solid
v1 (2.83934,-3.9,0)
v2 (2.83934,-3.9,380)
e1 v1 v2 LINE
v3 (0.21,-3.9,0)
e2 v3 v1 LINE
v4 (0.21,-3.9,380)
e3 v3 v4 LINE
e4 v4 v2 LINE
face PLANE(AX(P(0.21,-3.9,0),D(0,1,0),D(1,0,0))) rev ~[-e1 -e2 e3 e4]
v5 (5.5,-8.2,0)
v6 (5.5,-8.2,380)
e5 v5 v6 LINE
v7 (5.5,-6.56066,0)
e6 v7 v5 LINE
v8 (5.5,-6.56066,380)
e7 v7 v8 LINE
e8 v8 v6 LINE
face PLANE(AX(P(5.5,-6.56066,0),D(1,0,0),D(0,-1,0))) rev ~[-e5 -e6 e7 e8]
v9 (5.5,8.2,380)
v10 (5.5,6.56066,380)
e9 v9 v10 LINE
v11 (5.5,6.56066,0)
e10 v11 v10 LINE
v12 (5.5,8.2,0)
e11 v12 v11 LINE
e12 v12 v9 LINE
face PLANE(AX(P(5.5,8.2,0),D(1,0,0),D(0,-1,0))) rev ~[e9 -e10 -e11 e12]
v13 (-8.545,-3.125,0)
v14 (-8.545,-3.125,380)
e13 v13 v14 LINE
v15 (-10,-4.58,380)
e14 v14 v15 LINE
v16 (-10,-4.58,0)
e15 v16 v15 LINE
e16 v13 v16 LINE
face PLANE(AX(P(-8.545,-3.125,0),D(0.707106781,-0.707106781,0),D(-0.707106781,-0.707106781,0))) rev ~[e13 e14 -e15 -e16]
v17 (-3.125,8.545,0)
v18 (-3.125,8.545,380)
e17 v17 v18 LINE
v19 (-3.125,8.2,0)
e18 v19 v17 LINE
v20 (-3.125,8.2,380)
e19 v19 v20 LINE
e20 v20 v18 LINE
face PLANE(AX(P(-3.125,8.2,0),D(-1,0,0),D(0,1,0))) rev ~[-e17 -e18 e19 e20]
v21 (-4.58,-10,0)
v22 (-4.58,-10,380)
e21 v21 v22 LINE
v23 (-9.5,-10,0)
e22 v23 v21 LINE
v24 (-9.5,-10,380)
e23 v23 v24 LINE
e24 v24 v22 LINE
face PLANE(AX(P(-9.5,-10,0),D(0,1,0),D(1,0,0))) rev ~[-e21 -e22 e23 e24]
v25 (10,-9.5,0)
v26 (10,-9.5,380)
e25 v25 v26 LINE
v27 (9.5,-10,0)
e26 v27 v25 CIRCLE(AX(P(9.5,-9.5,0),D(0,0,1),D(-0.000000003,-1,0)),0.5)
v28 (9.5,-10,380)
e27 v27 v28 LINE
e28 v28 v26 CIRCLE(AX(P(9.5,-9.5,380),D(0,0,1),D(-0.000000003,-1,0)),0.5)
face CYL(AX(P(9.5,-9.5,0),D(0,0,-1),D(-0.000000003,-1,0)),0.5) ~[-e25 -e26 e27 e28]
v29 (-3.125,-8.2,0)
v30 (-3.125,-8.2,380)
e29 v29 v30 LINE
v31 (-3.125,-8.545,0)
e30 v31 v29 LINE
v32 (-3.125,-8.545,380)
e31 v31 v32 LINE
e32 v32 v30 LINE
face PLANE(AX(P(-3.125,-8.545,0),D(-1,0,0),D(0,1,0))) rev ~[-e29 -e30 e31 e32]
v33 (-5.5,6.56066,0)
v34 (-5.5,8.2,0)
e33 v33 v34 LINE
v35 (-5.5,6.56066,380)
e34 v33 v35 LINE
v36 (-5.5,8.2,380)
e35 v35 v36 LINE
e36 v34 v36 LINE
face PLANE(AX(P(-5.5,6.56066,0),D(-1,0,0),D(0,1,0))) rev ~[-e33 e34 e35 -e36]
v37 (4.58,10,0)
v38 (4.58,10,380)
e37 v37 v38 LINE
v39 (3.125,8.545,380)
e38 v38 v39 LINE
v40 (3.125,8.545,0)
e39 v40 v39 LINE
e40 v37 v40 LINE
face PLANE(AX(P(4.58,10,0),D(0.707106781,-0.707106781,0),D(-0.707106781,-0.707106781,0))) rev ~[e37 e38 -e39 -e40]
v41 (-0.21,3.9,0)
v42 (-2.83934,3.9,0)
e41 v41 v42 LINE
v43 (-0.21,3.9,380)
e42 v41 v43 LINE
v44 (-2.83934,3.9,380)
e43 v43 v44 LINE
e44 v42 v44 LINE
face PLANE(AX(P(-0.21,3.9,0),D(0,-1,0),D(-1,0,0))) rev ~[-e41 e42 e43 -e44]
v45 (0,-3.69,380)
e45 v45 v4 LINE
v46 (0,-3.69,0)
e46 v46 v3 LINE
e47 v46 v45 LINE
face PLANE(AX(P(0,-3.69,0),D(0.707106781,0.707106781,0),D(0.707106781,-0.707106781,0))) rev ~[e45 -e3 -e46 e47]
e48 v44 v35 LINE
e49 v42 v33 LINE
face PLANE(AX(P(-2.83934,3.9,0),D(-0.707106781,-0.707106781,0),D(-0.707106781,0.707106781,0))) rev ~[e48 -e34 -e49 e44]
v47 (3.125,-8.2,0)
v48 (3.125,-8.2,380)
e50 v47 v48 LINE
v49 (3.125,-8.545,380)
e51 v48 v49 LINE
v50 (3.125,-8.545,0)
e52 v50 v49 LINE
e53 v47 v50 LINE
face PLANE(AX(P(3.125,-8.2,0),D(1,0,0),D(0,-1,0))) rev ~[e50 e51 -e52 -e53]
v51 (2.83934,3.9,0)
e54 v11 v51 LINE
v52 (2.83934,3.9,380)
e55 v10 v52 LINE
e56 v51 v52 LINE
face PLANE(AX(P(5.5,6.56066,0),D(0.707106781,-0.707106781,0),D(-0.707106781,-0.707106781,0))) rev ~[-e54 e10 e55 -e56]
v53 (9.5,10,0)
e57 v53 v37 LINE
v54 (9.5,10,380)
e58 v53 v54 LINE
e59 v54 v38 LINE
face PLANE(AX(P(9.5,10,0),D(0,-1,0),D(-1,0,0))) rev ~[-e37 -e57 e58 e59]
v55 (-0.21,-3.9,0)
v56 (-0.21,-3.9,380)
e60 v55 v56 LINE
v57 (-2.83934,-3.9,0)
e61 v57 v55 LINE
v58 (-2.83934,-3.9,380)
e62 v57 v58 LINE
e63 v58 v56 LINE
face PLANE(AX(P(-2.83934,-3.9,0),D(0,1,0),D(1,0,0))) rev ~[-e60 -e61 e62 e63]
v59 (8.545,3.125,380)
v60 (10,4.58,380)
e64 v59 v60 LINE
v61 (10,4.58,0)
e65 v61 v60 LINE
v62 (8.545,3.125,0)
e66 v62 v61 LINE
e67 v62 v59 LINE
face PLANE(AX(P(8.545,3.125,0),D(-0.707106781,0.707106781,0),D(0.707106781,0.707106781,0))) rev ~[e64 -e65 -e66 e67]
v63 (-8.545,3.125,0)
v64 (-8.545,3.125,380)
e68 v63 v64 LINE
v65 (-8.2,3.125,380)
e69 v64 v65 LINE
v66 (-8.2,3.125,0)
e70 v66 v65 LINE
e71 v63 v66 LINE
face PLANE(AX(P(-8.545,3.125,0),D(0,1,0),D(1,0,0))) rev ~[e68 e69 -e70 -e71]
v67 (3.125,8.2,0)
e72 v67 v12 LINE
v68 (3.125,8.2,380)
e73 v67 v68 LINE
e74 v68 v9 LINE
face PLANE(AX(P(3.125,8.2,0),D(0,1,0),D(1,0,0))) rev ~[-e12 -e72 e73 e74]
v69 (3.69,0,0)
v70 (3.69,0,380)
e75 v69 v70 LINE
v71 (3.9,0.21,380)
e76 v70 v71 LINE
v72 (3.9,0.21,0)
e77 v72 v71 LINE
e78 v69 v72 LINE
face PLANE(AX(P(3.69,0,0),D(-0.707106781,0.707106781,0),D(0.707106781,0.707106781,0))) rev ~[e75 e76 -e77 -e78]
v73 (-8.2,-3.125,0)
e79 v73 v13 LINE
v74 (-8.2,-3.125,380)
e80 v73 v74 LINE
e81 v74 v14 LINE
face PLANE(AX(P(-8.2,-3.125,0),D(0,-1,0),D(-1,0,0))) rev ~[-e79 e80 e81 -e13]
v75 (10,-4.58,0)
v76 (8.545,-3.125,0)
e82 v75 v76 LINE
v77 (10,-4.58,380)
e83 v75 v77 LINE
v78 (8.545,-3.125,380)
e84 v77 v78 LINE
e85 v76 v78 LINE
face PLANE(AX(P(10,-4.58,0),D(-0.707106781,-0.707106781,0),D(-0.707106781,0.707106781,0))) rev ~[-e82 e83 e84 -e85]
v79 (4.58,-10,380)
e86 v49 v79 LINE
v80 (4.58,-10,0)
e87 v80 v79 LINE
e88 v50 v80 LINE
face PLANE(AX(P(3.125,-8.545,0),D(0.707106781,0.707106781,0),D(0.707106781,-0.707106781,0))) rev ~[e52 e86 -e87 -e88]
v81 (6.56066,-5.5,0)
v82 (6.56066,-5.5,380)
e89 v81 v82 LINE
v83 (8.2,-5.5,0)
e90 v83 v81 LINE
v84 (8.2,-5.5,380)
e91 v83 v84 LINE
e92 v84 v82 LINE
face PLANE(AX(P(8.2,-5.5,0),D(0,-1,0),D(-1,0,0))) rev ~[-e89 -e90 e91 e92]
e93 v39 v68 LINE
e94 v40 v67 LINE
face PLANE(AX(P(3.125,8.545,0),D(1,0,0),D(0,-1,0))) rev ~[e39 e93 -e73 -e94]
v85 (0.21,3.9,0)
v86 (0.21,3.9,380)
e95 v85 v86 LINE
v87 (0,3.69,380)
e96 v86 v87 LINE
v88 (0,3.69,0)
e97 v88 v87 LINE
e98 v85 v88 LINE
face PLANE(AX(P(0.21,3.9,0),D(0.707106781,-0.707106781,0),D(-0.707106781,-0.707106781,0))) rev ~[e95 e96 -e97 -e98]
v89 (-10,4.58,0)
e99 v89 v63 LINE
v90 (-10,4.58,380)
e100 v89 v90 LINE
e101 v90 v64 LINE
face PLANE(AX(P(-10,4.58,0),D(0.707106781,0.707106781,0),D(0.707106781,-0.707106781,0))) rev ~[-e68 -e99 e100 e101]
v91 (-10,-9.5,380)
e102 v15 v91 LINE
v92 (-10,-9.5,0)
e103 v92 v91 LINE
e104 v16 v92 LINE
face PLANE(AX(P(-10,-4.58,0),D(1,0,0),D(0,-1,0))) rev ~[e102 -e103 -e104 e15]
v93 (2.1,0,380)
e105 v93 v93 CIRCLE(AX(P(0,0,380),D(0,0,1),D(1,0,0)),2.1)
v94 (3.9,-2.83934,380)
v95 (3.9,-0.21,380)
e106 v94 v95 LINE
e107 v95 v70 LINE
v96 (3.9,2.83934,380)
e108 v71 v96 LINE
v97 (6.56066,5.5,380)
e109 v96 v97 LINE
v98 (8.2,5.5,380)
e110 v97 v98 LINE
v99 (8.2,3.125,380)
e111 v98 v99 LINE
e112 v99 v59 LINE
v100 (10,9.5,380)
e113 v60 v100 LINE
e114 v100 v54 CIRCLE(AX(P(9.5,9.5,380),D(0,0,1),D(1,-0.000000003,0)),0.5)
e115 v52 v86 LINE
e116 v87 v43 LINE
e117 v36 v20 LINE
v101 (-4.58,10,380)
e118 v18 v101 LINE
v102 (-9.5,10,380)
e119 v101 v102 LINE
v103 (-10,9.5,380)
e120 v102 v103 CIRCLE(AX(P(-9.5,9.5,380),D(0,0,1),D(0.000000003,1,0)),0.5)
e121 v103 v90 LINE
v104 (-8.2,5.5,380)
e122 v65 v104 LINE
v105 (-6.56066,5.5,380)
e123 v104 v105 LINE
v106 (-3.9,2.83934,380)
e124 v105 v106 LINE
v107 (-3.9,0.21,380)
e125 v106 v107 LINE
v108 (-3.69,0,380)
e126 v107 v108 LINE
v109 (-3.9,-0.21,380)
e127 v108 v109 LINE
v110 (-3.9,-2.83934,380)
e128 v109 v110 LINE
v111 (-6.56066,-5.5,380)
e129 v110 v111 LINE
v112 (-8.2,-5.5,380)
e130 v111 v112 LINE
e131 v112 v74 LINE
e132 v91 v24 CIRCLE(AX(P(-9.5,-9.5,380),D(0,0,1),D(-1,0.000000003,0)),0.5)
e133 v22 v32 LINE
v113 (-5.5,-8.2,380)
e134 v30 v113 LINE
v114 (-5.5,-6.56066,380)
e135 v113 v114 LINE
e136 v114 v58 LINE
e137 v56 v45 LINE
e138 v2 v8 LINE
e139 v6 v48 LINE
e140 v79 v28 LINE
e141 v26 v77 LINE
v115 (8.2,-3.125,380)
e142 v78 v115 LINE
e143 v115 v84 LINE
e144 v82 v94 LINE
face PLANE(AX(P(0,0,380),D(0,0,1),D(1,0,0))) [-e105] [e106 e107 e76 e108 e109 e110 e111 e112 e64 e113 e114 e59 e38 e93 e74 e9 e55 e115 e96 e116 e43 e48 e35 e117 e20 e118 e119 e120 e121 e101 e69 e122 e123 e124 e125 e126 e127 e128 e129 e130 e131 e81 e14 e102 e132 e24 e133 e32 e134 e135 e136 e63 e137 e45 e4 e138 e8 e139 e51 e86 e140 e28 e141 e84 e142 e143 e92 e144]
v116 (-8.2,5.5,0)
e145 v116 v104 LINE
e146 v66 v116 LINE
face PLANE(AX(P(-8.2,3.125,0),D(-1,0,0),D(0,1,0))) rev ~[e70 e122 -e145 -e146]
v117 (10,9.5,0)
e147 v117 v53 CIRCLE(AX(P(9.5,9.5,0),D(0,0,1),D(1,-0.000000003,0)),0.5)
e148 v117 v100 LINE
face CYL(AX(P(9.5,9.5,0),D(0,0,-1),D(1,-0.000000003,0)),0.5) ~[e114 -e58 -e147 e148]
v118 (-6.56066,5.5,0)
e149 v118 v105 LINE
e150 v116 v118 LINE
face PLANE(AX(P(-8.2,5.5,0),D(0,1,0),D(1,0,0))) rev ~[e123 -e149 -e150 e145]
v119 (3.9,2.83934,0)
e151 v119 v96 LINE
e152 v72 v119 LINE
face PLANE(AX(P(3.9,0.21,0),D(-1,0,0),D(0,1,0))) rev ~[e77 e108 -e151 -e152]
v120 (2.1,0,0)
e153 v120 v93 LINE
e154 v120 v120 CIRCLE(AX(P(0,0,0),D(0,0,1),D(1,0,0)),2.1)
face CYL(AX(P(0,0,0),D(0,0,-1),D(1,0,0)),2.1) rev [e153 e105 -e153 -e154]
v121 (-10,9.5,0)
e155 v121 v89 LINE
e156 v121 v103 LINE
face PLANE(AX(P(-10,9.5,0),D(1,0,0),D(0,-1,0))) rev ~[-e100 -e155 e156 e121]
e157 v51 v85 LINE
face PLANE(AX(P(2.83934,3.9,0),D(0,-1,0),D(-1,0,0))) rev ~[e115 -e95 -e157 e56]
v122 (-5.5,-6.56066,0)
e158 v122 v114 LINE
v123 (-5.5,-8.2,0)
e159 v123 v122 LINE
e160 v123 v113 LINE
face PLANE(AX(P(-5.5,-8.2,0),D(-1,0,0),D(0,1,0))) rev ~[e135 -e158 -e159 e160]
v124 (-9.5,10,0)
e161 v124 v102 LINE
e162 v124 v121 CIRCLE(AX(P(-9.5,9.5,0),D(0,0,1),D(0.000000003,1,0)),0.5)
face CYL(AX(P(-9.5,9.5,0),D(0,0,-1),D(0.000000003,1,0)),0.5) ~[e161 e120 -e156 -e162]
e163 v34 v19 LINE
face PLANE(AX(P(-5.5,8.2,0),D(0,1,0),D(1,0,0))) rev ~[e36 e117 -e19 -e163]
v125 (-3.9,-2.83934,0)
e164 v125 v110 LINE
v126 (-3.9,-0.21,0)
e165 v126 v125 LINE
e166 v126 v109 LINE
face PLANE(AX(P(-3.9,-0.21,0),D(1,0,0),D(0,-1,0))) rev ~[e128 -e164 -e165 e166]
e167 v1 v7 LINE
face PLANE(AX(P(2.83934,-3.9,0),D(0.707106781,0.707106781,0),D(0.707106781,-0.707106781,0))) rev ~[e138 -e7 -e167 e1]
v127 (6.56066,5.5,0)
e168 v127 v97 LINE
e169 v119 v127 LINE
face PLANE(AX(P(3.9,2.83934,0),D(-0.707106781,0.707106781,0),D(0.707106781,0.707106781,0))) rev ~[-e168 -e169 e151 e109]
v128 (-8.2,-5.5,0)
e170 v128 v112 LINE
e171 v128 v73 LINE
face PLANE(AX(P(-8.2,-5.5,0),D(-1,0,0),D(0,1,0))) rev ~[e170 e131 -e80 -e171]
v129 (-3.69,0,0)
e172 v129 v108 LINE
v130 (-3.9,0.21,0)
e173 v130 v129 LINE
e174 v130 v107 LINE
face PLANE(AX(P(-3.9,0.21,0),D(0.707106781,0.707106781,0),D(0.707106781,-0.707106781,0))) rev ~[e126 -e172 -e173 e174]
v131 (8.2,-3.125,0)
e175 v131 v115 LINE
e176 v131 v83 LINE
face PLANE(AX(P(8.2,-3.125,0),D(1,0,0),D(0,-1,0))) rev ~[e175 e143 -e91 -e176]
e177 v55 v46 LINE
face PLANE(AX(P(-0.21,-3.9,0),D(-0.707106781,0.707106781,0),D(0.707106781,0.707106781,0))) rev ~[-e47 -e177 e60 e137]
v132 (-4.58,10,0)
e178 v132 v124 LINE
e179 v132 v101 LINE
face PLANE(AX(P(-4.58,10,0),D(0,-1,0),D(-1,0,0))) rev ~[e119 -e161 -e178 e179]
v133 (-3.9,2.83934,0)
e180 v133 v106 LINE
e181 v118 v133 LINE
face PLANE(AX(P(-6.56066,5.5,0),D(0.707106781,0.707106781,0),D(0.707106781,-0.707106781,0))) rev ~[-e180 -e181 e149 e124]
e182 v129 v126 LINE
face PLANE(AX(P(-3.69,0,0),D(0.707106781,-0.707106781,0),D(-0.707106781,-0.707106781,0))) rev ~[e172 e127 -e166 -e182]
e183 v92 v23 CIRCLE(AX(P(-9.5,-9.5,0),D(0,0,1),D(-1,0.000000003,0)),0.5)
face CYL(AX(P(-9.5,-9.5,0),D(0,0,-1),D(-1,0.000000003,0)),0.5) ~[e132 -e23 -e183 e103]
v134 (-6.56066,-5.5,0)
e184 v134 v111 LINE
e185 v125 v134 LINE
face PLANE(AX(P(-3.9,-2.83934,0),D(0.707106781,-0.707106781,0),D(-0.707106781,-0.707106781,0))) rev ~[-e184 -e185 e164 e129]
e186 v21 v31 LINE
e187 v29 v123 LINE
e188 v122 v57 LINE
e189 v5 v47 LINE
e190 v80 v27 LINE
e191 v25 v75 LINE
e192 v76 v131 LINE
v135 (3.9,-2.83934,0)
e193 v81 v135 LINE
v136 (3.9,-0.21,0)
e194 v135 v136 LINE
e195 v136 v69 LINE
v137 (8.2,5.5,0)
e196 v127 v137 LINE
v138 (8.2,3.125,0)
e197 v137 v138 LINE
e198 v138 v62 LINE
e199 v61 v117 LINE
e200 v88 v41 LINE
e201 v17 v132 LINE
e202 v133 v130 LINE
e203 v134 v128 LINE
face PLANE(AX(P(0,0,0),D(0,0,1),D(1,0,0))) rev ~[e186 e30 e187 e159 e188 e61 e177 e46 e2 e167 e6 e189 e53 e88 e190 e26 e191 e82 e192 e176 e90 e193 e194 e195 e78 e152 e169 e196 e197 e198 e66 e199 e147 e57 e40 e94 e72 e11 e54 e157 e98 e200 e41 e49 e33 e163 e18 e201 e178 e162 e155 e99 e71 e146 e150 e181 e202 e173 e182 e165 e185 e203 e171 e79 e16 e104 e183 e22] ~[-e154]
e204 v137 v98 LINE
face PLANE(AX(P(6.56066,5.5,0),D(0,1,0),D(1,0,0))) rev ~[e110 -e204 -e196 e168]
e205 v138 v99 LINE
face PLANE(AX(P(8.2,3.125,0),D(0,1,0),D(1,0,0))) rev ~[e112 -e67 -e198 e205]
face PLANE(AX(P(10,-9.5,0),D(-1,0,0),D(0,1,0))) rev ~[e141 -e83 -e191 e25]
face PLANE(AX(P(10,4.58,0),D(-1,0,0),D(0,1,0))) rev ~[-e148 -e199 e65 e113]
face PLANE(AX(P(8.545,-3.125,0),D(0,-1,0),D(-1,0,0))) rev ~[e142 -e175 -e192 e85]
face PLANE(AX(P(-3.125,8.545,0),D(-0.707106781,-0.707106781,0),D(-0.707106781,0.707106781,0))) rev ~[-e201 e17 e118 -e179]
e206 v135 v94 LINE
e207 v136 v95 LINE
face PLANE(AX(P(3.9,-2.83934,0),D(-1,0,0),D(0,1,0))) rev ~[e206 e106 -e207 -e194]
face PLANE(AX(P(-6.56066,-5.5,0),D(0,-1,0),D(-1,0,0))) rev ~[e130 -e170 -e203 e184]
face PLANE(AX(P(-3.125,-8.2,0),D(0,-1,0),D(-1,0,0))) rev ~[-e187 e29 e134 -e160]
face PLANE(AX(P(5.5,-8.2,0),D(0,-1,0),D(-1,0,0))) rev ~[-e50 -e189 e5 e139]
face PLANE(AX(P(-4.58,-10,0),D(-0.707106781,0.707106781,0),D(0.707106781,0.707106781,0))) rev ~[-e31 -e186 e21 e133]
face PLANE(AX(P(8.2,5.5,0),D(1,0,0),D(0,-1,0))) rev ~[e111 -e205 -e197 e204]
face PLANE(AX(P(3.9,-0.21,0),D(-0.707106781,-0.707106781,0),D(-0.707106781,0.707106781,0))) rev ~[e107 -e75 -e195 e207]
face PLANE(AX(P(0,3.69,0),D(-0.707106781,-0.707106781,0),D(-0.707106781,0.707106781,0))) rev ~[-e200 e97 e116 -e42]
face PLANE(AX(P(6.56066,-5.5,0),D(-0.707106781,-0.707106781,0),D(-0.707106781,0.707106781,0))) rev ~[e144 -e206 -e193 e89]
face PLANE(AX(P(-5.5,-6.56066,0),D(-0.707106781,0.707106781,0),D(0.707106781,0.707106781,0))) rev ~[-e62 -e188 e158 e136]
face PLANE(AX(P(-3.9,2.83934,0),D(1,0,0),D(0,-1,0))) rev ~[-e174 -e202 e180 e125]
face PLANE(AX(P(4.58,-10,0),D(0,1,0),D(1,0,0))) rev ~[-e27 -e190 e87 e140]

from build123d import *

# Parameters (mm, degrees)
SKETCH1_R           = 2.1
BOSS_EXTRUDE1_DEPTH = 380


with BuildPart() as part:
    # Sketch1 → Boss-Extrude1 (new body)
    with BuildSketch(Plane.XY):
        with BuildLine():
            Line((4.58, -10), (9.5, -10))
            ThreePointArc((9.5, -10), (9.853553391, -9.853553391), (10, -9.5))
            Line((10, -9.5), (10, -4.58))
            Line((10, -4.58), (8.545, -3.125))
            Line((8.545, -3.125), (8.2, -3.125))
            Line((8.2, -3.125), (8.2, -5.5))
            Line((8.2, -5.5), (6.560660172, -5.5))
            Line((6.560660172, -5.5), (3.9, -2.839339828))
            Line((3.9, -2.839339828), (3.9, -0.21))
            Line((3.9, -0.21), (3.69, 0))
            Line((3.69, 0), (3.9, 0.21))
            Line((3.9, 0.21), (3.9, 2.839339828))
            Line((3.9, 2.839339828), (6.560660172, 5.5))
            Line((6.560660172, 5.5), (8.2, 5.5))
            Line((8.2, 5.5), (8.2, 3.125))
            Line((8.2, 3.125), (8.545, 3.125))
            Line((8.545, 3.125), (10, 4.58))
            Line((10, 4.58), (10, 9.5))
            ThreePointArc((10, 9.5), (9.853553391, 9.853553391), (9.5, 10))
            Line((9.5, 10), (4.58, 10))
            Line((4.58, 10), (3.125, 8.545))
            Line((3.125, 8.545), (3.125, 8.2))
            Line((3.125, 8.2), (5.5, 8.2))
            Line((5.5, 8.2), (5.5, 6.560660172))
            Line((5.5, 6.560660172), (2.839339828, 3.9))
            Line((2.839339828, 3.9), (0.21, 3.9))
            Line((0.21, 3.9), (0, 3.69))
            Line((0, 3.69), (-0.21, 3.9))
            Line((-0.21, 3.9), (-2.839339828, 3.9))
            Line((-2.839339828, 3.9), (-5.5, 6.560660172))
            Line((-5.5, 6.560660172), (-5.5, 8.2))
            Line((-5.5, 8.2), (-3.125, 8.2))
            Line((-3.125, 8.2), (-3.125, 8.545))
            Line((-3.125, 8.545), (-4.58, 10))
            Line((-4.58, 10), (-9.5, 10))
            ThreePointArc((-9.5, 10), (-9.853553391, 9.853553391), (-10, 9.5))
            Line((-10, 9.5), (-10, 4.58))
            Line((-10, 4.58), (-8.545, 3.125))
            Line((-8.545, 3.125), (-8.2, 3.125))
            Line((-8.2, 3.125), (-8.2, 5.5))
            Line((-8.2, 5.5), (-6.560660172, 5.5))
            Line((-6.560660172, 5.5), (-3.9, 2.839339828))
            Line((-3.9, 2.839339828), (-3.9, 0.21))
            Line((-3.9, 0.21), (-3.69, 0))
            Line((-3.69, 0), (-3.9, -0.21))
            Line((-3.9, -0.21), (-3.9, -2.839339828))
            Line((-3.9, -2.839339828), (-6.560660172, -5.5))
            Line((-6.560660172, -5.5), (-8.2, -5.5))
            Line((-8.2, -5.5), (-8.2, -3.125))
            Line((-8.2, -3.125), (-8.545, -3.125))
            Line((-8.545, -3.125), (-10, -4.58))
            Line((-10, -4.58), (-10, -9.5))
            ThreePointArc((-10, -9.5), (-9.853553391, -9.853553391), (-9.5, -10))
            Line((-9.5, -10), (-4.58, -10))
            Line((-4.58, -10), (-3.125, -8.545))
            Line((-3.125, -8.545), (-3.125, -8.2))
            Line((-3.125, -8.2), (-5.5, -8.2))
            Line((-5.5, -8.2), (-5.5, -6.560660172))
            Line((-5.5, -6.560660172), (-2.839339828, -3.9))
            Line((-2.839339828, -3.9), (-0.21, -3.9))
            Line((-0.21, -3.9), (0, -3.69))
            Line((0, -3.69), (0.21, -3.9))
            Line((0.21, -3.9), (2.839339828, -3.9))
            Line((2.839339828, -3.9), (5.5, -6.560660172))
            Line((5.5, -6.560660172), (5.5, -8.2))
            Line((5.5, -8.2), (3.125, -8.2))
            Line((3.125, -8.2), (3.125, -8.545))
            Line((3.125, -8.545), (4.58, -10))
        make_face()
        Circle(SKETCH1_R, mode=Mode.SUBTRACT)
    extrude(amount=BOSS_EXTRUDE1_DEPTH)


solid = part.part
